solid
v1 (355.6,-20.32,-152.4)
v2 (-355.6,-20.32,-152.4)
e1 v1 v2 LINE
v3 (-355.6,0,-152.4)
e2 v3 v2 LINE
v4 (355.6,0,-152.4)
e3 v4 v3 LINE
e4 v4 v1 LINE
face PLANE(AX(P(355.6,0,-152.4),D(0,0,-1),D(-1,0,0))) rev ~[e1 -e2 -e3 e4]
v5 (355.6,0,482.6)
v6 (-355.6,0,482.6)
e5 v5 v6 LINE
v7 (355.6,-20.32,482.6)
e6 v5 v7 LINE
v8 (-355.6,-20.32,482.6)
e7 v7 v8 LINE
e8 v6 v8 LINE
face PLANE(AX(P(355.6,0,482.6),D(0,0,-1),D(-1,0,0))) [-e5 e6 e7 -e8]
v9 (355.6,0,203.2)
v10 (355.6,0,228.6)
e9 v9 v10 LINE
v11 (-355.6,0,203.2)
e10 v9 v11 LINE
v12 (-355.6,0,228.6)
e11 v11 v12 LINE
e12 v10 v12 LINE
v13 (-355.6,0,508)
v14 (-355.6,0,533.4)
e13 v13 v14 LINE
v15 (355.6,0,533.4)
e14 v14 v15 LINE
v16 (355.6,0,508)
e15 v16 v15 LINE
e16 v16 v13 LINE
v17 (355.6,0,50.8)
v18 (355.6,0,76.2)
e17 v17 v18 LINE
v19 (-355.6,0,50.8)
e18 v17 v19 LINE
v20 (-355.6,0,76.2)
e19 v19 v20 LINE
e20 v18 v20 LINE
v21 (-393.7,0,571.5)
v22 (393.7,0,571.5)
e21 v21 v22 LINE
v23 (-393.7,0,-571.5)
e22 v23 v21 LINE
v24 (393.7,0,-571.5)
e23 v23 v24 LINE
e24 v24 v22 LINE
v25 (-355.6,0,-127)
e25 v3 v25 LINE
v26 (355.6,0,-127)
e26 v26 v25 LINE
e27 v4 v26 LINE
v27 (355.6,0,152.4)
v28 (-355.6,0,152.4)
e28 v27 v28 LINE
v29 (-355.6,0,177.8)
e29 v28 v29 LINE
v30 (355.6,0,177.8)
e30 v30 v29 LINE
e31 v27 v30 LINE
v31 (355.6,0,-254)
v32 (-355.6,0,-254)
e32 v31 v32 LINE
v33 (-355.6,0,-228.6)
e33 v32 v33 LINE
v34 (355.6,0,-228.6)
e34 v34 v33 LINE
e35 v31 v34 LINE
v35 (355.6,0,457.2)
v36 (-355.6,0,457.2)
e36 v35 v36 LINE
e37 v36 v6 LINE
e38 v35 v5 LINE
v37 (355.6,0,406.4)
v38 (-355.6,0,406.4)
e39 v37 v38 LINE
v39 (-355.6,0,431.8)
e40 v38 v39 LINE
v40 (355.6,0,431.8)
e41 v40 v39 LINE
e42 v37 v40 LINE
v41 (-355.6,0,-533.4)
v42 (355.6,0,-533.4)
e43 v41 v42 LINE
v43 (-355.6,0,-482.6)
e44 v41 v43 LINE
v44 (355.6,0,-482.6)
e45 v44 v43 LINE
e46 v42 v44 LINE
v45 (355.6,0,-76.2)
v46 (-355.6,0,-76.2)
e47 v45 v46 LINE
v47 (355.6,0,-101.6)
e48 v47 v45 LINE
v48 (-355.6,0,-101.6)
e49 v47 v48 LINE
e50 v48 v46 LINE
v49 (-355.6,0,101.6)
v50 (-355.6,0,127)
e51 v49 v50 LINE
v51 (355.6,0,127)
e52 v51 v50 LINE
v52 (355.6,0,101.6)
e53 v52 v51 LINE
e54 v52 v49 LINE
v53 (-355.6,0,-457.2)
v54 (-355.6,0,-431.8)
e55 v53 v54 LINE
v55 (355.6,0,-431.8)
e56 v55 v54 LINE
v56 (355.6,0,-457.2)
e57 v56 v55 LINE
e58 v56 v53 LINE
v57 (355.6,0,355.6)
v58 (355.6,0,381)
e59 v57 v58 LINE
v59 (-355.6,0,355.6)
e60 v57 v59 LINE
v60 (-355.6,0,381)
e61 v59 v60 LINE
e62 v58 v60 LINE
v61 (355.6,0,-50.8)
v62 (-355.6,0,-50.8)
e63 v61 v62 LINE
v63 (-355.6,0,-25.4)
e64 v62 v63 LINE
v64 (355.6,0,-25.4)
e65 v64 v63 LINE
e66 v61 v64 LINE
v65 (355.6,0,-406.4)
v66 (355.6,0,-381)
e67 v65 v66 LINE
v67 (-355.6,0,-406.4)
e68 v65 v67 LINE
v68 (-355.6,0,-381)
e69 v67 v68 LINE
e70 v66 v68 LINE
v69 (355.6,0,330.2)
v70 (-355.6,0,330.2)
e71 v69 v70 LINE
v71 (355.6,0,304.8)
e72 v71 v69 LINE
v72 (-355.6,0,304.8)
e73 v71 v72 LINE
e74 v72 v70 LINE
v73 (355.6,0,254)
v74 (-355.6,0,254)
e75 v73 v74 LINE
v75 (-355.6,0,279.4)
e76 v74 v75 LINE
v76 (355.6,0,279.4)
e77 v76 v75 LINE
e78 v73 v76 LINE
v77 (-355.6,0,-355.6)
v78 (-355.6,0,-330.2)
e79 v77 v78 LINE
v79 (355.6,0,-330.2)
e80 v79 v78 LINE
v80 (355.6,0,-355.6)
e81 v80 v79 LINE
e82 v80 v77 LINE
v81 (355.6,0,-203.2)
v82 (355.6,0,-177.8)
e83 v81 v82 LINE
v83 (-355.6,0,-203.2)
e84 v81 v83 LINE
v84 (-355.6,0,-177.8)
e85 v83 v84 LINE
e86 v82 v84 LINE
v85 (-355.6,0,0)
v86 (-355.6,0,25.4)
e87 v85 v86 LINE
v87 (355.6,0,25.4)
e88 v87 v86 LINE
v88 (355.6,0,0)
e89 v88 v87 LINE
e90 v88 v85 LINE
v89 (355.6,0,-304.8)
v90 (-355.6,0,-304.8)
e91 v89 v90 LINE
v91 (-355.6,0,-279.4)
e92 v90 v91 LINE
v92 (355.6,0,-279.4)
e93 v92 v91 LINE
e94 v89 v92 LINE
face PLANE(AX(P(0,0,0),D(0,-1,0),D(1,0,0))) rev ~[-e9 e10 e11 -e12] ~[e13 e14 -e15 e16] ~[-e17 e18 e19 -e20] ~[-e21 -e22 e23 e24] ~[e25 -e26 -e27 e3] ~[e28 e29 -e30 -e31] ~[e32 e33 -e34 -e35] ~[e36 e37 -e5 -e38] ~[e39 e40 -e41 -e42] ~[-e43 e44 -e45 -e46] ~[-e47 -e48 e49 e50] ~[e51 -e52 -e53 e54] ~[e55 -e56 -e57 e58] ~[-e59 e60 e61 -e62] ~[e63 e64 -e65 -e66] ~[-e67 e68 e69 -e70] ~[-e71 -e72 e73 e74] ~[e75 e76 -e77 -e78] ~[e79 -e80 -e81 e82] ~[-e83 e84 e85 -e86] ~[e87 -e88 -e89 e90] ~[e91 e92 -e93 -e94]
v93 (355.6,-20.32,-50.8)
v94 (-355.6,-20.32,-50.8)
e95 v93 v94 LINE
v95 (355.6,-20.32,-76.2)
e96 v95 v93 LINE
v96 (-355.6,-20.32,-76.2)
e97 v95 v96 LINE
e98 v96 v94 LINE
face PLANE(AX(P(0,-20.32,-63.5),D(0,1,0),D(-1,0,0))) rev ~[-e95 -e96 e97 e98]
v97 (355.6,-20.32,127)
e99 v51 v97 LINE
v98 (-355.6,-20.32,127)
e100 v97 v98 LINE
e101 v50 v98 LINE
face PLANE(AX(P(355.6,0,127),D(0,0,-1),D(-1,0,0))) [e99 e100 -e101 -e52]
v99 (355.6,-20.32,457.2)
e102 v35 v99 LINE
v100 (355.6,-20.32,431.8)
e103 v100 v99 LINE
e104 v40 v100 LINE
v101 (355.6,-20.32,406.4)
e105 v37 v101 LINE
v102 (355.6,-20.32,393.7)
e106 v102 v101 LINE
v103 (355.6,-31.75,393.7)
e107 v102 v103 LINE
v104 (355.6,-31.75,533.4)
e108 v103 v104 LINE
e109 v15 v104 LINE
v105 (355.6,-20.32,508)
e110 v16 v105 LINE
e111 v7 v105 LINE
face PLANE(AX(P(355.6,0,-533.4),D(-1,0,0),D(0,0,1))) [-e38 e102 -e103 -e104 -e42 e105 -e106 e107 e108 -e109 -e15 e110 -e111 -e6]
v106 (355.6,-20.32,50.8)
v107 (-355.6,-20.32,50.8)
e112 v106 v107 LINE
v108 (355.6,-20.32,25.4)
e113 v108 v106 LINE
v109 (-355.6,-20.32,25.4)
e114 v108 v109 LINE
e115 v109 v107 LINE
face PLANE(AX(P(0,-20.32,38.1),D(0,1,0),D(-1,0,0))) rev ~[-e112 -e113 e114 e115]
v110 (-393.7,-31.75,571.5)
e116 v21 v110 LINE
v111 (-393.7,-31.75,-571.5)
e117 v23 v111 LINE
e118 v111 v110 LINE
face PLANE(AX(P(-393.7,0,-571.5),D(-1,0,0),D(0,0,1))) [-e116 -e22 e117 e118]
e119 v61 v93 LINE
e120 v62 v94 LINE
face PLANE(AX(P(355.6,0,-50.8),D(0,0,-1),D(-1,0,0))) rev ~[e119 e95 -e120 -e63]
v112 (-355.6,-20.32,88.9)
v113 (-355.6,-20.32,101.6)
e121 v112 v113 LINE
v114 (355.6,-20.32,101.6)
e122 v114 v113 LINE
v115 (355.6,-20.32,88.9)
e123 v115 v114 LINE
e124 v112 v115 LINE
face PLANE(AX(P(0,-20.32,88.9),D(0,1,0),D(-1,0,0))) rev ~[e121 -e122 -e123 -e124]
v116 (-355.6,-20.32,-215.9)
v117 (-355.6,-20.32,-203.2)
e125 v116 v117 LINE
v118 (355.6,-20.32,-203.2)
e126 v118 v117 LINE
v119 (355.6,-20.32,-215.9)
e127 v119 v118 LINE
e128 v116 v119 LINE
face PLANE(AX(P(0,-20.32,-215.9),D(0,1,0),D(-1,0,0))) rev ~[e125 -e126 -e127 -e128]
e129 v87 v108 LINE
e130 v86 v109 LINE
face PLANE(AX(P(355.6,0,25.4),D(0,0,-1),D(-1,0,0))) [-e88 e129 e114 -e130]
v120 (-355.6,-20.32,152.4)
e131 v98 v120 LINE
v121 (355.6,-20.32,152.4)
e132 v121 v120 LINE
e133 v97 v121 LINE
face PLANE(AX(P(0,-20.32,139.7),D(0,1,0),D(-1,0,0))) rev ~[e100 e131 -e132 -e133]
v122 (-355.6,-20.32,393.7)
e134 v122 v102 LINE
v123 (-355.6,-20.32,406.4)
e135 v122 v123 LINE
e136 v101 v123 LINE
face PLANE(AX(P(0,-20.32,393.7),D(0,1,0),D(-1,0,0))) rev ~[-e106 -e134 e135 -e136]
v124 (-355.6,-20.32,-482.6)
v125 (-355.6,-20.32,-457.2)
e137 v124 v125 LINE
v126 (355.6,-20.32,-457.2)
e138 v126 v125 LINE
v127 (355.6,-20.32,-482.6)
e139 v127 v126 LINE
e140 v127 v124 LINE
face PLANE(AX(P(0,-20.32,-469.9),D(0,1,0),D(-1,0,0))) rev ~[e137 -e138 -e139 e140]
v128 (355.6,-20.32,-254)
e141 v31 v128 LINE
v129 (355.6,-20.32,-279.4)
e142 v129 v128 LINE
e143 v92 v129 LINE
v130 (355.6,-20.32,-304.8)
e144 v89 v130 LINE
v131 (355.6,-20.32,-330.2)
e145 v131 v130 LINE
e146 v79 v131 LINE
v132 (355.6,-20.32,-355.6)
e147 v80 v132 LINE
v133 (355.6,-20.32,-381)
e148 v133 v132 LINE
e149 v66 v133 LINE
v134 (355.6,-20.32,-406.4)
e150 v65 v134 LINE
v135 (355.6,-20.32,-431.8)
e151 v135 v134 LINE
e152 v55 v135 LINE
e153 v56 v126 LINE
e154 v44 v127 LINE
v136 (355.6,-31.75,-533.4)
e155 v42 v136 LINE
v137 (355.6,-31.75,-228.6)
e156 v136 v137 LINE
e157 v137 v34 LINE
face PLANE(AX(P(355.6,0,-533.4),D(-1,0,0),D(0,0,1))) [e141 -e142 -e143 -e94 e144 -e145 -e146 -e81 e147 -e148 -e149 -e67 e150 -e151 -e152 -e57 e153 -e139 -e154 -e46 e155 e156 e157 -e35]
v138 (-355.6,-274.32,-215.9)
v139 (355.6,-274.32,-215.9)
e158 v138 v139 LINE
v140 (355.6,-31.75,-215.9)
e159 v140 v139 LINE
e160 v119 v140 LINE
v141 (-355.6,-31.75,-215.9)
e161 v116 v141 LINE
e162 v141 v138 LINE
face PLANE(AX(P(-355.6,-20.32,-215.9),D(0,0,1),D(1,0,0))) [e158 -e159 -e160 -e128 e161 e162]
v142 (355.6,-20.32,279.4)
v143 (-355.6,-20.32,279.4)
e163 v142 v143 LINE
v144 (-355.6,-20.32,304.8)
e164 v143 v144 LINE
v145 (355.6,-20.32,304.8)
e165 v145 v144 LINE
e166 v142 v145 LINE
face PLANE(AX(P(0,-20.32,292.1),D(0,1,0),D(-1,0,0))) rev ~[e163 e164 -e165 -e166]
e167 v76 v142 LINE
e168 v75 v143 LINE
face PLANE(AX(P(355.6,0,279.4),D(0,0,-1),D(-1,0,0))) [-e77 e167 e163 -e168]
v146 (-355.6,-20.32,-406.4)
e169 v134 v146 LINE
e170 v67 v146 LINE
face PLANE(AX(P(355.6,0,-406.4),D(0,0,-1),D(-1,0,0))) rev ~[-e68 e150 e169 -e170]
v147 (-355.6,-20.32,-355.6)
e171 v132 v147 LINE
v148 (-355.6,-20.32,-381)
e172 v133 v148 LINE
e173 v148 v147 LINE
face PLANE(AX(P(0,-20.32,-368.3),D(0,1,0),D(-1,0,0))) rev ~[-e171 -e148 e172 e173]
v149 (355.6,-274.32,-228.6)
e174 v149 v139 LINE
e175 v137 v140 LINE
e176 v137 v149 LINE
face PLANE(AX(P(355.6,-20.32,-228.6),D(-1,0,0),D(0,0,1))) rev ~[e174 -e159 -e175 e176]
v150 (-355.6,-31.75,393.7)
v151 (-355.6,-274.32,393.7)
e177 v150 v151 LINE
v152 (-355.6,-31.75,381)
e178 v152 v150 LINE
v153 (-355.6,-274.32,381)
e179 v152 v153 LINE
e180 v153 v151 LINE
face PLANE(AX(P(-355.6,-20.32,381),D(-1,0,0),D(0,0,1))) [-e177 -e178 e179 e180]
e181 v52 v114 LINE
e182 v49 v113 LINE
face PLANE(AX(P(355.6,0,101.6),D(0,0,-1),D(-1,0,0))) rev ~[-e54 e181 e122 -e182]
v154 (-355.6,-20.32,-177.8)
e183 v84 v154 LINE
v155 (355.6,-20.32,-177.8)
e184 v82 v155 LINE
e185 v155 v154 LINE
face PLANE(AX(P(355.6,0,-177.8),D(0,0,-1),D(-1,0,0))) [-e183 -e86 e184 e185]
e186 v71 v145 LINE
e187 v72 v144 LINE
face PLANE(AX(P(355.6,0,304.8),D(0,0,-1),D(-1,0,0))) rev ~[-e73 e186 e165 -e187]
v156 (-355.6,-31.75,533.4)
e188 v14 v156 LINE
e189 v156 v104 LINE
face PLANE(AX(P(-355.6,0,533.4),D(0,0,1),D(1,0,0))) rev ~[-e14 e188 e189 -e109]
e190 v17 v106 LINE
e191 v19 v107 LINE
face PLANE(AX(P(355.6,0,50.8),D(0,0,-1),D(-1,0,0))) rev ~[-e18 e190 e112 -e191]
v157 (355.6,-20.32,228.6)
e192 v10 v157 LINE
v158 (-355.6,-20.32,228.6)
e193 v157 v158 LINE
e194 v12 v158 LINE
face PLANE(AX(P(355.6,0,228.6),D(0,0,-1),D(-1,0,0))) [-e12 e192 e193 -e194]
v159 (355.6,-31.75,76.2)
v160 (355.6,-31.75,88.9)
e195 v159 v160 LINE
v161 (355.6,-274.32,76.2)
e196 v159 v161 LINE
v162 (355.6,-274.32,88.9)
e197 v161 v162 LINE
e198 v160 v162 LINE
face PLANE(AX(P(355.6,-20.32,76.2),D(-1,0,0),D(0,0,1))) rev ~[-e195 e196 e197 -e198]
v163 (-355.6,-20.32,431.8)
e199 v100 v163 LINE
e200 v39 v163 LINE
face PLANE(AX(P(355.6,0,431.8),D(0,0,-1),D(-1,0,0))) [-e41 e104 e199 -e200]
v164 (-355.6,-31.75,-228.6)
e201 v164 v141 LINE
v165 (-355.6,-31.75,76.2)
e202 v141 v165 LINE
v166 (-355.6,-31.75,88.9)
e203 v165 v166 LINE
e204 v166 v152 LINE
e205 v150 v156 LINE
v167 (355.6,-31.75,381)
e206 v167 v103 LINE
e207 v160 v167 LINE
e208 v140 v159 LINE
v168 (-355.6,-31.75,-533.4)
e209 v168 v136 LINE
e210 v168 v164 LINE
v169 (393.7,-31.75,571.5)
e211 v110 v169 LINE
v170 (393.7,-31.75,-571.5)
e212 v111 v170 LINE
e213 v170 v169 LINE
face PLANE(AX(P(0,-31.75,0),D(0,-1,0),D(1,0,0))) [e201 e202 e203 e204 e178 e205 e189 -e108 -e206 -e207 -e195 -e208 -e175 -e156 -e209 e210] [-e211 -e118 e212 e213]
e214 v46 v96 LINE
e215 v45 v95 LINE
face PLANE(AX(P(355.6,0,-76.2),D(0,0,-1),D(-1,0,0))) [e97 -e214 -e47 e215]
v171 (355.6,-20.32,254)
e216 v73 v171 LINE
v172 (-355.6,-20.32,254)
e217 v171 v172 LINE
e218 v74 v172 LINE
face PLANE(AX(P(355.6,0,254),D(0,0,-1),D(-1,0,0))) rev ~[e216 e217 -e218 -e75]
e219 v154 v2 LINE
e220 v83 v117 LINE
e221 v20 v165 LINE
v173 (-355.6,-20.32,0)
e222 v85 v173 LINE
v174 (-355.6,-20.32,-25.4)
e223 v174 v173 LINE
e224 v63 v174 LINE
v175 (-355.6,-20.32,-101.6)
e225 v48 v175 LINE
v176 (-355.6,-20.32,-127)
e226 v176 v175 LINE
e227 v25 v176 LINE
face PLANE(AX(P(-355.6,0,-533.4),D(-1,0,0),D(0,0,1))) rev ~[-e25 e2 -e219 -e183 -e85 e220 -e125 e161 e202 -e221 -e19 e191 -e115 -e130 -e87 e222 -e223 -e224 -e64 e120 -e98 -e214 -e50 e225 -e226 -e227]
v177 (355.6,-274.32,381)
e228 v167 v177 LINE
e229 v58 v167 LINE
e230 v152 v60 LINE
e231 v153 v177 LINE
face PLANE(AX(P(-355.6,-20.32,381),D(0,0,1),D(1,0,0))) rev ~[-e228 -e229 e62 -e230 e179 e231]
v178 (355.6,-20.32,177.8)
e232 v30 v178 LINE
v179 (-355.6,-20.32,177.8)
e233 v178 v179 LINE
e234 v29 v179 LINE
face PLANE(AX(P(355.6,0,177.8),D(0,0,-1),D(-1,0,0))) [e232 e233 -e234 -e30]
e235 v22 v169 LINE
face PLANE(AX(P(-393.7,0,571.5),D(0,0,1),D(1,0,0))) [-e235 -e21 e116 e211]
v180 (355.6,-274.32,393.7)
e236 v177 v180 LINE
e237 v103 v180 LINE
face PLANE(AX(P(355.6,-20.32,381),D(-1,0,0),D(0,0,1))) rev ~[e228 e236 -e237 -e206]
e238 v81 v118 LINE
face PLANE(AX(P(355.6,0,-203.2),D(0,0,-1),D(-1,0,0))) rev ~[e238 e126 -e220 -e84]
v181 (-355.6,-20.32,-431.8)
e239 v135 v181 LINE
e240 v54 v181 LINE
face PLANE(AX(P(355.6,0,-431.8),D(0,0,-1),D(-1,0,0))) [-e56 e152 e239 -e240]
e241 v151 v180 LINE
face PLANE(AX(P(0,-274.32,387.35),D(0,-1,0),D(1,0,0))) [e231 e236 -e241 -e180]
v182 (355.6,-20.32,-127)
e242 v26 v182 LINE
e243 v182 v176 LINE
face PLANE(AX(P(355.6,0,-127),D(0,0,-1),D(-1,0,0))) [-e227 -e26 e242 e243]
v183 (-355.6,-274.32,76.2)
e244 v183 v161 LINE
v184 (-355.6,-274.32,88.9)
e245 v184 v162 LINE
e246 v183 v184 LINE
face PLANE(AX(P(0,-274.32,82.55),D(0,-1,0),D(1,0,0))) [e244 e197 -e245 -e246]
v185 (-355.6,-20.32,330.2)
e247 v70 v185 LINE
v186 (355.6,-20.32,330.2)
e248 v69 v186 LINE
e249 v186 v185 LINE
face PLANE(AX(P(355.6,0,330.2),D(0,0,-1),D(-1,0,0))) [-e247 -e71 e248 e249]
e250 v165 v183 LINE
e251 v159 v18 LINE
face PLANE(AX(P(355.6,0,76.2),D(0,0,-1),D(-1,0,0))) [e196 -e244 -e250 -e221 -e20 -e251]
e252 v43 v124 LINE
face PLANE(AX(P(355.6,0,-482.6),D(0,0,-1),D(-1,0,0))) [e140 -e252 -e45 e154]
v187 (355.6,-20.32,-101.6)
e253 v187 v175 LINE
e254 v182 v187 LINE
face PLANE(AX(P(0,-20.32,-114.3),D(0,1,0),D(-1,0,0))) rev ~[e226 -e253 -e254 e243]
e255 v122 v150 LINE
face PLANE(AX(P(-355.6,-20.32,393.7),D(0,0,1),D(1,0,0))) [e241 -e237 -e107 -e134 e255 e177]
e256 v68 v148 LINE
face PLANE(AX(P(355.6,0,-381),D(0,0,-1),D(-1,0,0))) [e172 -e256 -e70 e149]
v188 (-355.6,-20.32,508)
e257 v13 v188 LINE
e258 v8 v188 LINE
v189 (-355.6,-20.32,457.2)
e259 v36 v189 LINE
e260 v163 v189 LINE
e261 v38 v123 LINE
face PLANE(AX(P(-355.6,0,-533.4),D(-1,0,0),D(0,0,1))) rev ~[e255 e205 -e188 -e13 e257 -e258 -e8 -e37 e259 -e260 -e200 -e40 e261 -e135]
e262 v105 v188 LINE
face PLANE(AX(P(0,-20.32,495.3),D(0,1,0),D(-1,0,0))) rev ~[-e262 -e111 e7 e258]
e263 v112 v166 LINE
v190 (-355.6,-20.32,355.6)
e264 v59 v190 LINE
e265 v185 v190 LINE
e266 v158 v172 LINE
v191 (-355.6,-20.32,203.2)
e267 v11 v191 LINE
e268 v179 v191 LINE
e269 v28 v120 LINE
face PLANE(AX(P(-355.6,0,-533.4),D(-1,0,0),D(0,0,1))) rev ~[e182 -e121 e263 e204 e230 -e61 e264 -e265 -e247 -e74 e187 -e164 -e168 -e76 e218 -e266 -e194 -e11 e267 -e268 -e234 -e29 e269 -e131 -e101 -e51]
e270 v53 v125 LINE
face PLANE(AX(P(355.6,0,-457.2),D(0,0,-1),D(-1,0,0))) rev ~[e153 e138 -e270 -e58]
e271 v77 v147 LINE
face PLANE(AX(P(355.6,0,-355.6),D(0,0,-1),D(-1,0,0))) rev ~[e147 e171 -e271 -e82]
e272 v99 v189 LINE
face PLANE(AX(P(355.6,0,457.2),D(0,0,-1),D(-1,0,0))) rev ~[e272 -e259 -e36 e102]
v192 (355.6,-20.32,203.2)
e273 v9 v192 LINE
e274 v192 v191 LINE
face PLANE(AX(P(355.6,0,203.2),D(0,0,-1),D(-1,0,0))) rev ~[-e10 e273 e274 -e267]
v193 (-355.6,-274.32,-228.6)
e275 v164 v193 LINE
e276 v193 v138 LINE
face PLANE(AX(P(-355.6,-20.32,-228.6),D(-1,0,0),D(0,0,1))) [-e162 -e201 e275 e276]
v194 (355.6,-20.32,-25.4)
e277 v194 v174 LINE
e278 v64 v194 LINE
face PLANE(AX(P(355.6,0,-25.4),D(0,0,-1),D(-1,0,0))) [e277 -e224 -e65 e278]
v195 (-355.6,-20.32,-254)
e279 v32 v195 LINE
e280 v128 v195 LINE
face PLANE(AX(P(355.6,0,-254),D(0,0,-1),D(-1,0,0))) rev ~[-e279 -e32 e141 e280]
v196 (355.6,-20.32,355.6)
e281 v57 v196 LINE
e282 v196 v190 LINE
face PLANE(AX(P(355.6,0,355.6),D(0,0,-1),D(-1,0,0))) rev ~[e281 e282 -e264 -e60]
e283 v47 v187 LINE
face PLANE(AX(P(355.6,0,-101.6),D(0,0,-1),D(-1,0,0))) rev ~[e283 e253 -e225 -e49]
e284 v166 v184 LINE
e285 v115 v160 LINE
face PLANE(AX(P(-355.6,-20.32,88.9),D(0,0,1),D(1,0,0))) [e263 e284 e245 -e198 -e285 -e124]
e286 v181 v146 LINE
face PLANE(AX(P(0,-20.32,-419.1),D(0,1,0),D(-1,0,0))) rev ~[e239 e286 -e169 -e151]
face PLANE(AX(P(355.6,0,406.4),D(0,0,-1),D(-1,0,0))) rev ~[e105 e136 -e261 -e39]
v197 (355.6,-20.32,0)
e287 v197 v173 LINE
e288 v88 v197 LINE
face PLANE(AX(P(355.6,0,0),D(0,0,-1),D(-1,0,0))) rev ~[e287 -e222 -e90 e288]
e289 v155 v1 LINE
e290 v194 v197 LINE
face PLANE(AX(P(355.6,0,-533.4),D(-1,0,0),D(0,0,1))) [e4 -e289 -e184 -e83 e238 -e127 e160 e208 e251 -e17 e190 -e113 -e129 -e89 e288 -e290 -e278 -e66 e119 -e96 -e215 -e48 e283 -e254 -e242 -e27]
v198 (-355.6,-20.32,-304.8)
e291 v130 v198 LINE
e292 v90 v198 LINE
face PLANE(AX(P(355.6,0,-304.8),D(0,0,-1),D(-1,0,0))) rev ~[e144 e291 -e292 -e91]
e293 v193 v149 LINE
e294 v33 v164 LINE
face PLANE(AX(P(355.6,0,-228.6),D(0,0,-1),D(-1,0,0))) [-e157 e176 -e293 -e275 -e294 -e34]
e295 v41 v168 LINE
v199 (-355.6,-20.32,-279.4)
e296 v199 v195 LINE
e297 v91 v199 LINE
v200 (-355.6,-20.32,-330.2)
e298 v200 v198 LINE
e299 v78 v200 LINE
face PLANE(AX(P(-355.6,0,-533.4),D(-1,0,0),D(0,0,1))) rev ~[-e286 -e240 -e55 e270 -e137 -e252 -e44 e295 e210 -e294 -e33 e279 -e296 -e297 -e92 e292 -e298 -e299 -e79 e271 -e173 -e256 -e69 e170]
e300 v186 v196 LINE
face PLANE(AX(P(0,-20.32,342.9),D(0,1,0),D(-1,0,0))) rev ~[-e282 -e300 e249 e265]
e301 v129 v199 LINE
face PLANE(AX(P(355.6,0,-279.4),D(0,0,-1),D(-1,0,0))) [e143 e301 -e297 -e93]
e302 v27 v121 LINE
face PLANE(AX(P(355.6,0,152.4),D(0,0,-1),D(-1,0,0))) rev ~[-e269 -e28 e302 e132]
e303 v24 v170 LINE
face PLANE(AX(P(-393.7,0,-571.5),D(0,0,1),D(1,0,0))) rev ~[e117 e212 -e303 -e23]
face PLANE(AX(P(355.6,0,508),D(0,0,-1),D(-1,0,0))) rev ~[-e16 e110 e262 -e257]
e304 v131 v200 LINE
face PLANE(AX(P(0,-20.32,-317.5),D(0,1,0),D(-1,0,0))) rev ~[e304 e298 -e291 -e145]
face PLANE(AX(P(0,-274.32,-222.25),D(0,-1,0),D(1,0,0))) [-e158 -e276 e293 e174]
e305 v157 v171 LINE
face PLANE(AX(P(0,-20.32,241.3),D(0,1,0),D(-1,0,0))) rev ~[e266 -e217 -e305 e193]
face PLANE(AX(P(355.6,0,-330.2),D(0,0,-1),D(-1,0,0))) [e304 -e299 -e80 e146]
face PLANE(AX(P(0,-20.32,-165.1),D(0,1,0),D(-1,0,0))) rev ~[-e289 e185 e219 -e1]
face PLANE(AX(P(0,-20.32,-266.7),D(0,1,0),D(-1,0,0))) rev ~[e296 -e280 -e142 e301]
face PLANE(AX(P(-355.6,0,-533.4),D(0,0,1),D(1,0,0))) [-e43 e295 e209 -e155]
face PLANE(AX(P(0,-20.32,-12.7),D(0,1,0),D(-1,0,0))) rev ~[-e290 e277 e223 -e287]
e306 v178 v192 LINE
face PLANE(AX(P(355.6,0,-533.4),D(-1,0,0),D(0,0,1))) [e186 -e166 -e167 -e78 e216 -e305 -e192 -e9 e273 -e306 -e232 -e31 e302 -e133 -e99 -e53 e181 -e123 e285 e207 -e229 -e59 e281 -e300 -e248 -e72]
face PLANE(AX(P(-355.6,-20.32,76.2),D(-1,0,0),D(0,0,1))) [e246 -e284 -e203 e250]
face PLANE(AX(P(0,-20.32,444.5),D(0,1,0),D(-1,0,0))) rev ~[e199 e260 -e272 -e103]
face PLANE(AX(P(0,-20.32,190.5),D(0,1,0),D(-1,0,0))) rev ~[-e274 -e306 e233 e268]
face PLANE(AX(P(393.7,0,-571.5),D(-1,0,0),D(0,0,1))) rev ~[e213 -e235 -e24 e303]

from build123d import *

# Parameters (mm, degrees)
F0_W     = 787.4
F0_H     = 1143
F0_W_2   = 711.2
F0_H_2   = 1066.8
F1_DEPTH = 31.75
F2_W     = 711.2
F2_H     = 25.4
F3_DEPTH = 20.32
F4_W     = 711.2
F4_H     = 12.7
F5_DEPTH = 254


with BuildPart() as f1:
    # F0 (on Front) → F1 (new body)
    with BuildSketch(Plane.XZ):
        Rectangle(F0_W, F0_H)
        Rectangle(F0_W_2, F0_H_2, mode=Mode.SUBTRACT)
    extrude(amount=F1_DEPTH)

    # F2 (on face) → F3 (join)
    with BuildSketch(Plane(origin=(0, 0, 0), x_dir=(-1, 0, 0), z_dir=(0, 1, 0))):
        with Locations((0, 495.3)):
            Rectangle(F2_W, F2_H)
        with Locations((0, 444.5)):
            Rectangle(F2_W, F2_H)
        with Locations((0, 393.7)):
            Rectangle(F2_W, F2_H)
        with Locations((0, 342.9)):
            Rectangle(F2_W, F2_H)
        with Locations((0, 292.1)):
            Rectangle(F2_W, F2_H)
        with Locations((0, 241.3)):
            Rectangle(F2_W, F2_H)
        with Locations((0, 190.5)):
            Rectangle(F2_W, F2_H)
        with Locations((0, 139.7)):
            Rectangle(F2_W, F2_H)
        with Locations((0, 88.9)):
            Rectangle(F2_W, F2_H)
        with Locations((0, 38.1)):
            Rectangle(F2_W, F2_H)
        with Locations((0, -12.7)):
            Rectangle(F2_W, F2_H)
        with Locations((0, -63.5)):
            Rectangle(F2_W, F2_H)
        with Locations((0, -114.3)):
            Rectangle(F2_W, F2_H)
        with Locations((0, -165.1)):
            Rectangle(F2_W, F2_H)
        with Locations((0, -215.9)):
            Rectangle(F2_W, F2_H)
        with Locations((0, -266.7)):
            Rectangle(F2_W, F2_H)
        with Locations((0, -317.5)):
            Rectangle(F2_W, F2_H)
        with Locations((0, -368.3)):
            Rectangle(F2_W, F2_H)
        with Locations((0, -419.1)):
            Rectangle(F2_W, F2_H)
        with Locations((0, -469.9)):
            Rectangle(F2_W, F2_H)
    extrude(amount=-F3_DEPTH)

    # F4 (on face) → F5 (join)
    with BuildSketch(Plane.XZ.offset(20.32)):
        with Locations((0, 387.35)):
            Rectangle(F4_W, F4_H)
        with Locations((0, 82.55)):
            Rectangle(F4_W, F4_H)
        with Locations((0, -222.25)):
            Rectangle(F4_W, F4_H)
    extrude(amount=F5_DEPTH)


solid = f1.part
